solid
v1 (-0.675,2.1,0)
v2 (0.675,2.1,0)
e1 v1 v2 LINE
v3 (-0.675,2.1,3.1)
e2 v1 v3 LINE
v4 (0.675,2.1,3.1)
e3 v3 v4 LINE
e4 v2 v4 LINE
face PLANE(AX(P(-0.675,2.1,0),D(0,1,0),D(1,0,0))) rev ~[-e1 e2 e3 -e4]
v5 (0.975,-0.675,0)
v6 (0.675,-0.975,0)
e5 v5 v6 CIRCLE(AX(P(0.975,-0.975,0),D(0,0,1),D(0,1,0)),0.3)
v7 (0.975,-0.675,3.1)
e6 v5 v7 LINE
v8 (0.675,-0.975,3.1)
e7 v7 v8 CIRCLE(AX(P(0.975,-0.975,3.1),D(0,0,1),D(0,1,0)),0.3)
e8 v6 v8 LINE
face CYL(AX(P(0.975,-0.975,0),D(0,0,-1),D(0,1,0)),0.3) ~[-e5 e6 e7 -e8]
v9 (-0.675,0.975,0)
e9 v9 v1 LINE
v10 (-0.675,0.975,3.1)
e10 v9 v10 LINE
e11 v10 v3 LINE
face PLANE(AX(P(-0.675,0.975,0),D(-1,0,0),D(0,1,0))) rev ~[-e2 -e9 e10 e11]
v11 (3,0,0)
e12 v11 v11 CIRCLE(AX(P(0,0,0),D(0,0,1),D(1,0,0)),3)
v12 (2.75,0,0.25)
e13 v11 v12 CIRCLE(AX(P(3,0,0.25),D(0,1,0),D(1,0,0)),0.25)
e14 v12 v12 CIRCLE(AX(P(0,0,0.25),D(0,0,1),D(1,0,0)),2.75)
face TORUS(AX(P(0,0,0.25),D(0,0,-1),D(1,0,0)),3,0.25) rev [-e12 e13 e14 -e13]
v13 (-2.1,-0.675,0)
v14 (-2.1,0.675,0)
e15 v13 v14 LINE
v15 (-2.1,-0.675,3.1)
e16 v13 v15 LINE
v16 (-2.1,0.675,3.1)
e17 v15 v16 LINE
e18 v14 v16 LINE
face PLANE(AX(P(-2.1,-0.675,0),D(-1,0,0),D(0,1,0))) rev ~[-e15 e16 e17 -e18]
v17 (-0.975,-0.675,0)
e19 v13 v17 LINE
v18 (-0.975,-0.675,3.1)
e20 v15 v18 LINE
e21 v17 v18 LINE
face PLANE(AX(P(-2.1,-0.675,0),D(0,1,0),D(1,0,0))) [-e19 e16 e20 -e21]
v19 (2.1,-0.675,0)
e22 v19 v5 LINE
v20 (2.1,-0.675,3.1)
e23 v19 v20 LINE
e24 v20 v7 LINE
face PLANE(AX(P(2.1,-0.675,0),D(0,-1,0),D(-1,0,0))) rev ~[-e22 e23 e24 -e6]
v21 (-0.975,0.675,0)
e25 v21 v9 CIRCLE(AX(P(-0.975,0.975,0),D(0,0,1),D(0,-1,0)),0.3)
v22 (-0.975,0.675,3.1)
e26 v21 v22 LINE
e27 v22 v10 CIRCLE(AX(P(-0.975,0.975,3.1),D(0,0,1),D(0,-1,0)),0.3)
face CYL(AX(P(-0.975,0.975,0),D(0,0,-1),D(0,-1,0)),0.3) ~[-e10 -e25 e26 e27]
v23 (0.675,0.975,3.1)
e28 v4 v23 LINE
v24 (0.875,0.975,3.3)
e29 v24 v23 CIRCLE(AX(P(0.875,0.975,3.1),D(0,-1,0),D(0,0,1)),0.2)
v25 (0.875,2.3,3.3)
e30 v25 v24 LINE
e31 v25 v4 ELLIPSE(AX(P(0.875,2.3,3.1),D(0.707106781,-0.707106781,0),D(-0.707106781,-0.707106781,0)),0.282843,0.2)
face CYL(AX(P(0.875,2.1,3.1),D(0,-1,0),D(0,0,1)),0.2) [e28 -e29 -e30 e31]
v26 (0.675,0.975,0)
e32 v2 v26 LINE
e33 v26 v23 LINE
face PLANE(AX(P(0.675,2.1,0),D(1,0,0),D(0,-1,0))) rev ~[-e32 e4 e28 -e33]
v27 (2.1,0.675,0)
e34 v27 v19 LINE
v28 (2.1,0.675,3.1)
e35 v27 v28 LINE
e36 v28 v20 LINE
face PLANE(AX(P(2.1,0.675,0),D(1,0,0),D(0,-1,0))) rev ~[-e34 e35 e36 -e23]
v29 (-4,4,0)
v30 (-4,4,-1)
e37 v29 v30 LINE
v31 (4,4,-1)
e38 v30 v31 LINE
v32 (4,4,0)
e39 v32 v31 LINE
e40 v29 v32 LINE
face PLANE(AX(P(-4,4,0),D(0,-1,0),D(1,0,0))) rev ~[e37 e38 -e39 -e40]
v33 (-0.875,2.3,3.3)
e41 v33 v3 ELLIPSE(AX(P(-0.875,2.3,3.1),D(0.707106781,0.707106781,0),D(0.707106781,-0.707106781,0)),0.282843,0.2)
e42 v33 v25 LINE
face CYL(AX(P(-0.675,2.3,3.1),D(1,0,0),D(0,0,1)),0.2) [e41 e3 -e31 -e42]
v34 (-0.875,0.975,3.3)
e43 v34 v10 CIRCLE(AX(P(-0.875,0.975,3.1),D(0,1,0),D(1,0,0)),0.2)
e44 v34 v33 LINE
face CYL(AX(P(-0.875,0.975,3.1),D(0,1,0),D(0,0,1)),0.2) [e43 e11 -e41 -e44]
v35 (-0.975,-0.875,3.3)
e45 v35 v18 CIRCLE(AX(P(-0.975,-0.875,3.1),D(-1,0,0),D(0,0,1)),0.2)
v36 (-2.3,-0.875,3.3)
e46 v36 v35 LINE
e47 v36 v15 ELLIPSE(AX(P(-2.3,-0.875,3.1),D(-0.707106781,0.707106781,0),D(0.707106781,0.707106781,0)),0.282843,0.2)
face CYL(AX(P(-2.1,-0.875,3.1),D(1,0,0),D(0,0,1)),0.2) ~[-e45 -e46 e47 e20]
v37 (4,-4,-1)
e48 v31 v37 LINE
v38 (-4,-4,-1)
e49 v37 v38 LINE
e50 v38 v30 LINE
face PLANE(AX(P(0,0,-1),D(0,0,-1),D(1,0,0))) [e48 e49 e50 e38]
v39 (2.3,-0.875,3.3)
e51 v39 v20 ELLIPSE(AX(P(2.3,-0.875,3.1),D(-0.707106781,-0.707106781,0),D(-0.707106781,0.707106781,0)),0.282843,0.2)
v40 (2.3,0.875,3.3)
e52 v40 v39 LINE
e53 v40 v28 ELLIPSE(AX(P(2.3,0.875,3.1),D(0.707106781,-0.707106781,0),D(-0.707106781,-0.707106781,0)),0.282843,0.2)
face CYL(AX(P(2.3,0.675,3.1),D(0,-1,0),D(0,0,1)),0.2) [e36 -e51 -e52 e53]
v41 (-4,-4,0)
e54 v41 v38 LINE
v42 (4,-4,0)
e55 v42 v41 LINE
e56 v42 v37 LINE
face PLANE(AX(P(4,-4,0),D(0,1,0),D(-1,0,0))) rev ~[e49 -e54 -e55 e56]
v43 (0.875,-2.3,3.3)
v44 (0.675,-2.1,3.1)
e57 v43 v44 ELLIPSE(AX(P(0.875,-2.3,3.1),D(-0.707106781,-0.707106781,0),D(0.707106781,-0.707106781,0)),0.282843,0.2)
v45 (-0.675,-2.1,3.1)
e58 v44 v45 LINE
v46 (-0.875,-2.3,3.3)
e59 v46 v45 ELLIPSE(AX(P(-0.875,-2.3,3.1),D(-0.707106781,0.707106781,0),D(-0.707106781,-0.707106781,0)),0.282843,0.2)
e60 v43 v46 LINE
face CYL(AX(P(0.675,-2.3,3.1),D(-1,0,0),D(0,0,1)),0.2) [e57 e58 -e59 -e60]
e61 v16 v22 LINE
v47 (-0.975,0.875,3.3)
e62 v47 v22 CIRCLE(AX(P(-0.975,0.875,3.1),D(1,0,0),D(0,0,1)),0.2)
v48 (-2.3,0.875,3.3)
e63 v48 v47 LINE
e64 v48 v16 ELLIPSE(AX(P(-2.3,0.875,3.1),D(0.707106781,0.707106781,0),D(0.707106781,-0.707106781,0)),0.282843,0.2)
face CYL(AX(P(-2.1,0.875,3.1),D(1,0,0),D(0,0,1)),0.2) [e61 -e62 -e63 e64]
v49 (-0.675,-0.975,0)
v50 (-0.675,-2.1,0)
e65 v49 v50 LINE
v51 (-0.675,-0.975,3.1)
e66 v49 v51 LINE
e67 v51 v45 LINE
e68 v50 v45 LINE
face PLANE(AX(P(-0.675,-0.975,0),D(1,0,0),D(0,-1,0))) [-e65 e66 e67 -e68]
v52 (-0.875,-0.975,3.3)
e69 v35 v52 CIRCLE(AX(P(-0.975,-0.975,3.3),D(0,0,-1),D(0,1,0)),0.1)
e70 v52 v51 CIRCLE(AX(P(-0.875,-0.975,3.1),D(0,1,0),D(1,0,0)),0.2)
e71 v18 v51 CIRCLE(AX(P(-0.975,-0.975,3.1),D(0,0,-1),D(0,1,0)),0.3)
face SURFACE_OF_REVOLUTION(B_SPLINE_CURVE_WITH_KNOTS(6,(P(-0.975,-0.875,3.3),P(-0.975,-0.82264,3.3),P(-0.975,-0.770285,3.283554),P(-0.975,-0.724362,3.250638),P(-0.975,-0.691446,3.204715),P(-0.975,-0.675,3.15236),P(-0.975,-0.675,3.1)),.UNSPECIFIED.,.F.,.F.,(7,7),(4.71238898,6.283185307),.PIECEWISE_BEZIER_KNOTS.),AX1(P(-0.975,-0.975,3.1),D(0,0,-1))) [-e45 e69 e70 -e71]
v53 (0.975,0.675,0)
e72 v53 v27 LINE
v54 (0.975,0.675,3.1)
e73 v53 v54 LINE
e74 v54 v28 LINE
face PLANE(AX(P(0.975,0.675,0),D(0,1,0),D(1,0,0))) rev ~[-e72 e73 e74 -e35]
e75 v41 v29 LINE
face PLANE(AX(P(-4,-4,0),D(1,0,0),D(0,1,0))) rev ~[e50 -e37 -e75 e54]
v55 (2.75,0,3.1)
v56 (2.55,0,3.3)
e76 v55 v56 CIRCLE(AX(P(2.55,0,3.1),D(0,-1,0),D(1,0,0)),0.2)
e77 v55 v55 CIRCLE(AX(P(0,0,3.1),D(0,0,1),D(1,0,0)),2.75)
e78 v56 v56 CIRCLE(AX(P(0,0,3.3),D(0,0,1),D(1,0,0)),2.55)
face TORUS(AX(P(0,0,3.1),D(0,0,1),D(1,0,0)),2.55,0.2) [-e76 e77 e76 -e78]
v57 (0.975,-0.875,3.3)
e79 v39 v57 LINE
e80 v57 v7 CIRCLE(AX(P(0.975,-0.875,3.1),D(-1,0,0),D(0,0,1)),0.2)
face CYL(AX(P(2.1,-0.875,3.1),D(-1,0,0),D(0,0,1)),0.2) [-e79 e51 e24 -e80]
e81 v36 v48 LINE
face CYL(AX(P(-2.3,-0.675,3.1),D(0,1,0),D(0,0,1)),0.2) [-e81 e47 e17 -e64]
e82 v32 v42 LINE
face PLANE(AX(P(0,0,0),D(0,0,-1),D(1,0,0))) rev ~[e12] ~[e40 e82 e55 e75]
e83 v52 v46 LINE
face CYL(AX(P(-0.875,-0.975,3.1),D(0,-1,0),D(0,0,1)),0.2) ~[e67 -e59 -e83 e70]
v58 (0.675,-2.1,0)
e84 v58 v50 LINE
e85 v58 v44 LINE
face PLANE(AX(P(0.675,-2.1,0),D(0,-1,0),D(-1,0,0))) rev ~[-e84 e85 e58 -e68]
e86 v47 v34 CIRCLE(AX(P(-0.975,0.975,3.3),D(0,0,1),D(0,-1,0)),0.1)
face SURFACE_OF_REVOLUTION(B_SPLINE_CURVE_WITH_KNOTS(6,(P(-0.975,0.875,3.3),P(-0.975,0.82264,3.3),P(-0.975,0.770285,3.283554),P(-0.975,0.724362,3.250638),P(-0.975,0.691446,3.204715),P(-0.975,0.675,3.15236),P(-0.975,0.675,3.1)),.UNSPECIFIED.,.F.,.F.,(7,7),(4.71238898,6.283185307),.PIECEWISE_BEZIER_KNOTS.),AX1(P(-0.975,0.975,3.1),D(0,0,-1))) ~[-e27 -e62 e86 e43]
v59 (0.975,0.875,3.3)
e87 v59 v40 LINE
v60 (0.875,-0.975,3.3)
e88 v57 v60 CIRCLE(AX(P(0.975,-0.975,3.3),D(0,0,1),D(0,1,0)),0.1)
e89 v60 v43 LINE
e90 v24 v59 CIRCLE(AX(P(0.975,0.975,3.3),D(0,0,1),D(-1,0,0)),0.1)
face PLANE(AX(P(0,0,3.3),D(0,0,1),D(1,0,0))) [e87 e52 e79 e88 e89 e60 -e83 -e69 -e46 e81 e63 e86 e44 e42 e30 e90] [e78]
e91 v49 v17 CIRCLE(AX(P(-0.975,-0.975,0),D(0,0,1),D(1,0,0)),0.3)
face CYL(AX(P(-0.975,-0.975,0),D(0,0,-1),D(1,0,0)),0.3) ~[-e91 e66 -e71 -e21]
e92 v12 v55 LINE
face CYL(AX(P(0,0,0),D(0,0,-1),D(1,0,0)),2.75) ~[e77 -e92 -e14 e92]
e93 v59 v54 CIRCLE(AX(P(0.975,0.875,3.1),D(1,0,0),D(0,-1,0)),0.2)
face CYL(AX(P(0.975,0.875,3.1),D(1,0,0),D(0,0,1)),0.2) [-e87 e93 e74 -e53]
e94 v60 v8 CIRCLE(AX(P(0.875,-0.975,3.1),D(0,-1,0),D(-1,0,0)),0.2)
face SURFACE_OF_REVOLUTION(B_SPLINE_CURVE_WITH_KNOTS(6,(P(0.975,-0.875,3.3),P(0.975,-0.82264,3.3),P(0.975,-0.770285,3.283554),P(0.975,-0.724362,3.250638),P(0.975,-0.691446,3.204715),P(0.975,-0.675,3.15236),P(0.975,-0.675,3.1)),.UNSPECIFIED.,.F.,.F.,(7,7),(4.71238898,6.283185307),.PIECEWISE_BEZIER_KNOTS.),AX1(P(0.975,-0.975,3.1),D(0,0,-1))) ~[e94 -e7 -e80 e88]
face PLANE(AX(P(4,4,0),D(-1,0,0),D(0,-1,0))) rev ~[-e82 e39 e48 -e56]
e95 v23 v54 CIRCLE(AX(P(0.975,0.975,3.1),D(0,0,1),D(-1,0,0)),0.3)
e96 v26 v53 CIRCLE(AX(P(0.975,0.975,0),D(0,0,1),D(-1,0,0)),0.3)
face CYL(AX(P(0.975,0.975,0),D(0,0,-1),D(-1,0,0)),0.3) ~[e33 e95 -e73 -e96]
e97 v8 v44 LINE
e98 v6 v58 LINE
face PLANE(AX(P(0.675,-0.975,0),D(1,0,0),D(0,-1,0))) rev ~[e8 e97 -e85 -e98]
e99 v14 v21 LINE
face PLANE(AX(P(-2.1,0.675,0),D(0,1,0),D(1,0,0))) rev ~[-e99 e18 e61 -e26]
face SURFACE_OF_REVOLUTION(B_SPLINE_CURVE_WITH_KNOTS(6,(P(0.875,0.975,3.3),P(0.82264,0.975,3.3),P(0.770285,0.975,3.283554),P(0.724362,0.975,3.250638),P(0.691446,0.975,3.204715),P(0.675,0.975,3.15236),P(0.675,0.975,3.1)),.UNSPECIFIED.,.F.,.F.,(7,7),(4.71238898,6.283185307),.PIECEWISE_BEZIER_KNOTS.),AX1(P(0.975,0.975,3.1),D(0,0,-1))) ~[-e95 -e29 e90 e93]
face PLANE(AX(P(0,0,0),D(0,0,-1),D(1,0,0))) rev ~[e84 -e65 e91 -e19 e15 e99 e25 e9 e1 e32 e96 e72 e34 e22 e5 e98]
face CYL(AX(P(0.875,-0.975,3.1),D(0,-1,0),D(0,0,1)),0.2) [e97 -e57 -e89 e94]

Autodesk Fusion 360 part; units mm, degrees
sketch "Sketch1" plane through (0, 0, 0) normal (0, 0, 1) x (1, 0, 0)
  circle A0 centre (0, 0) radius 2.75
  line L0 (0.675, -2.1) -> (-0.675, -2.1)
  line L1 (-0.675, 0.975) -> (-0.675, 2.1)
  line L2 (-0.675, 2.1) -> (0.675, 2.1)
  line L3 (0.675, -0.975) -> (0.675, -2.1)
  line L4 (0.675, -2.1) -> (-0.675, 2.1) construction
  line L5 (-0.675, -2.1) -> (0.675, 2.1) construction
  line L6 (2.1, -0.675) -> (0.975, -0.675)
  line L7 (-2.1, -0.675) -> (-2.1, 0.675)
  line L8 (0.975, 0.675) -> (2.1, 0.675)
  line L9 (2.1, 0.675) -> (2.1, -0.675)
  line L10 (2.1, -0.675) -> (-2.1, 0.675) construction
  line L11 (-2.1, -0.675) -> (2.1, 0.675) construction
  arc A1 (0.975, -0.675) -> (0.675, -0.975) centre (0.975, -0.975) ccw
  line L12 (0.675, 2.1) -> (0.675, 0.975)
  arc A2 (0.675, 0.975) -> (0.975, 0.675) centre (0.975, 0.975) ccw
  line L13 (-2.1, 0.675) -> (-0.975, 0.675)
  line L14 (-2.1, -0.675) -> (-0.975, -0.675)
  arc A3 (-0.975, 0.675) -> (-0.675, 0.975) centre (-0.975, 0.975) ccw
  line L15 (-0.675, -0.975) -> (-0.675, -2.1)
  arc A4 (-0.675, -0.975) -> (-0.975, -0.675) centre (-0.975, -0.975) ccw
  point P0 (0.675, -0.675)
  dimension "d1" = 5.5
  dimension "d2" = 1.35
  dimension "d3" = 4.2
  dimension "d4" = 4.2
  dimension "d5" = 1.35
  dimension "d6" = 0.3
  dimension "d7" = 0.3
  dimension "d8" = 0.3
  dimension "d9" = 0.3
extrude "Extrude1" add sketch "Sketch1" along normal blind 3.3
sketch "Sketch2" plane through (0, 0, 0) normal (0, 0, -1) x (1, 0, 0)
  line L0 (-2.1, 0.675) -> (-0.975, 0.675)
  arc A0 (-0.975, 0.675) -> (-0.675, 0.975) centre (-0.975, 0.975) ccw
  line L1 (-0.675, 0.975) -> (-0.675, 2.1)
  line L2 (-0.675, 2.1) -> (0.675, 2.1)
  line L3 (0.675, 2.1) -> (0.675, 0.975)
  arc A1 (0.675, 0.975) -> (0.975, 0.675) centre (0.975, 0.975) ccw
  line L4 (0.975, 0.675) -> (2.1, 0.675)
  line L5 (2.1, 0.675) -> (2.1, -0.675)
  line L6 (2.1, -0.675) -> (0.975, -0.675)
  arc A2 (0.975, -0.675) -> (0.675, -0.975) centre (0.975, -0.975) ccw
  line L7 (0.675, -0.975) -> (0.675, -2.1)
  line L8 (0.675, -2.1) -> (-0.675, -2.1)
  line L9 (-0.675, -2.1) -> (-0.675, -0.975)
  arc A3 (-0.675, -0.975) -> (-0.975, -0.675) centre (-0.975, -0.975) ccw
  line L10 (-0.975, -0.675) -> (-2.1, -0.675)
  line L11 (-2.1, -0.675) -> (-2.1, 0.675)
  circle A4 centre (0, 0) radius 2.75
  line L12 (4, 4) -> (-4, 4)
  line L13 (-4, 4) -> (-4, -4)
  line L14 (-4, -4) -> (4, -4)
  line L15 (4, -4) -> (4, 4)
  line L16 (4, 4) -> (-4, -4) construction
  line L17 (-4, 4) -> (4, -4) construction
  dimension "d12" = 8
  dimension "d13" = 8
extrude "Extrude2" add sketch "Sketch2" along normal blind 1 contours L0 A0 L1 L2 L3 A1 L4 L5 L6 A2 L7 L8 L9 A3 L10 L11 | A4 | L12 L13 L14 L15
fillet "Fillet1" radius 0.25 1 edges at (-2.5639, -0.9944, 0)
fillet "Fillet2" radius 0.2 1 edges at (-2.5639, -0.9944, 3.3)
fillet "Fillet3" radius 0.2 16 edges at (1.5375, -0.675, 3.3) (0.7629, -0.7629, 3.3) (0.675, -1.5375, 3.3) (2.1, 0, 3.3) (0.675, 1.5375, 3.3) (0.7629, 0.7629, 3.3) (1.5375, 0.675, 3.3) (0, 2.1, 3.3) (-1.5375, 0.675, 3.3) (-0.7629, 0.7629, 3.3) (-0.675, 1.5375, 3.3) (-2.1, 0, 3.3) (-0.675, -1.5375, 3.3) (-0.7629, -0.7629, 3.3) (-1.5375, -0.675, 3.3) (0, -2.1, 3.3)
equation "d2 = cross_thickness"
equation "d3 = cross_xy"
equation "d4 = cross_xy"
equation "d5 = cross_thickness"
equation "d10 = stem_height"
equation "cross_xy = 4.20 mm"
equation "cross_thickness = 1.35 mm"
equation "stem_height = 3.3 mm" comment "3.45 is the max for lofree"
